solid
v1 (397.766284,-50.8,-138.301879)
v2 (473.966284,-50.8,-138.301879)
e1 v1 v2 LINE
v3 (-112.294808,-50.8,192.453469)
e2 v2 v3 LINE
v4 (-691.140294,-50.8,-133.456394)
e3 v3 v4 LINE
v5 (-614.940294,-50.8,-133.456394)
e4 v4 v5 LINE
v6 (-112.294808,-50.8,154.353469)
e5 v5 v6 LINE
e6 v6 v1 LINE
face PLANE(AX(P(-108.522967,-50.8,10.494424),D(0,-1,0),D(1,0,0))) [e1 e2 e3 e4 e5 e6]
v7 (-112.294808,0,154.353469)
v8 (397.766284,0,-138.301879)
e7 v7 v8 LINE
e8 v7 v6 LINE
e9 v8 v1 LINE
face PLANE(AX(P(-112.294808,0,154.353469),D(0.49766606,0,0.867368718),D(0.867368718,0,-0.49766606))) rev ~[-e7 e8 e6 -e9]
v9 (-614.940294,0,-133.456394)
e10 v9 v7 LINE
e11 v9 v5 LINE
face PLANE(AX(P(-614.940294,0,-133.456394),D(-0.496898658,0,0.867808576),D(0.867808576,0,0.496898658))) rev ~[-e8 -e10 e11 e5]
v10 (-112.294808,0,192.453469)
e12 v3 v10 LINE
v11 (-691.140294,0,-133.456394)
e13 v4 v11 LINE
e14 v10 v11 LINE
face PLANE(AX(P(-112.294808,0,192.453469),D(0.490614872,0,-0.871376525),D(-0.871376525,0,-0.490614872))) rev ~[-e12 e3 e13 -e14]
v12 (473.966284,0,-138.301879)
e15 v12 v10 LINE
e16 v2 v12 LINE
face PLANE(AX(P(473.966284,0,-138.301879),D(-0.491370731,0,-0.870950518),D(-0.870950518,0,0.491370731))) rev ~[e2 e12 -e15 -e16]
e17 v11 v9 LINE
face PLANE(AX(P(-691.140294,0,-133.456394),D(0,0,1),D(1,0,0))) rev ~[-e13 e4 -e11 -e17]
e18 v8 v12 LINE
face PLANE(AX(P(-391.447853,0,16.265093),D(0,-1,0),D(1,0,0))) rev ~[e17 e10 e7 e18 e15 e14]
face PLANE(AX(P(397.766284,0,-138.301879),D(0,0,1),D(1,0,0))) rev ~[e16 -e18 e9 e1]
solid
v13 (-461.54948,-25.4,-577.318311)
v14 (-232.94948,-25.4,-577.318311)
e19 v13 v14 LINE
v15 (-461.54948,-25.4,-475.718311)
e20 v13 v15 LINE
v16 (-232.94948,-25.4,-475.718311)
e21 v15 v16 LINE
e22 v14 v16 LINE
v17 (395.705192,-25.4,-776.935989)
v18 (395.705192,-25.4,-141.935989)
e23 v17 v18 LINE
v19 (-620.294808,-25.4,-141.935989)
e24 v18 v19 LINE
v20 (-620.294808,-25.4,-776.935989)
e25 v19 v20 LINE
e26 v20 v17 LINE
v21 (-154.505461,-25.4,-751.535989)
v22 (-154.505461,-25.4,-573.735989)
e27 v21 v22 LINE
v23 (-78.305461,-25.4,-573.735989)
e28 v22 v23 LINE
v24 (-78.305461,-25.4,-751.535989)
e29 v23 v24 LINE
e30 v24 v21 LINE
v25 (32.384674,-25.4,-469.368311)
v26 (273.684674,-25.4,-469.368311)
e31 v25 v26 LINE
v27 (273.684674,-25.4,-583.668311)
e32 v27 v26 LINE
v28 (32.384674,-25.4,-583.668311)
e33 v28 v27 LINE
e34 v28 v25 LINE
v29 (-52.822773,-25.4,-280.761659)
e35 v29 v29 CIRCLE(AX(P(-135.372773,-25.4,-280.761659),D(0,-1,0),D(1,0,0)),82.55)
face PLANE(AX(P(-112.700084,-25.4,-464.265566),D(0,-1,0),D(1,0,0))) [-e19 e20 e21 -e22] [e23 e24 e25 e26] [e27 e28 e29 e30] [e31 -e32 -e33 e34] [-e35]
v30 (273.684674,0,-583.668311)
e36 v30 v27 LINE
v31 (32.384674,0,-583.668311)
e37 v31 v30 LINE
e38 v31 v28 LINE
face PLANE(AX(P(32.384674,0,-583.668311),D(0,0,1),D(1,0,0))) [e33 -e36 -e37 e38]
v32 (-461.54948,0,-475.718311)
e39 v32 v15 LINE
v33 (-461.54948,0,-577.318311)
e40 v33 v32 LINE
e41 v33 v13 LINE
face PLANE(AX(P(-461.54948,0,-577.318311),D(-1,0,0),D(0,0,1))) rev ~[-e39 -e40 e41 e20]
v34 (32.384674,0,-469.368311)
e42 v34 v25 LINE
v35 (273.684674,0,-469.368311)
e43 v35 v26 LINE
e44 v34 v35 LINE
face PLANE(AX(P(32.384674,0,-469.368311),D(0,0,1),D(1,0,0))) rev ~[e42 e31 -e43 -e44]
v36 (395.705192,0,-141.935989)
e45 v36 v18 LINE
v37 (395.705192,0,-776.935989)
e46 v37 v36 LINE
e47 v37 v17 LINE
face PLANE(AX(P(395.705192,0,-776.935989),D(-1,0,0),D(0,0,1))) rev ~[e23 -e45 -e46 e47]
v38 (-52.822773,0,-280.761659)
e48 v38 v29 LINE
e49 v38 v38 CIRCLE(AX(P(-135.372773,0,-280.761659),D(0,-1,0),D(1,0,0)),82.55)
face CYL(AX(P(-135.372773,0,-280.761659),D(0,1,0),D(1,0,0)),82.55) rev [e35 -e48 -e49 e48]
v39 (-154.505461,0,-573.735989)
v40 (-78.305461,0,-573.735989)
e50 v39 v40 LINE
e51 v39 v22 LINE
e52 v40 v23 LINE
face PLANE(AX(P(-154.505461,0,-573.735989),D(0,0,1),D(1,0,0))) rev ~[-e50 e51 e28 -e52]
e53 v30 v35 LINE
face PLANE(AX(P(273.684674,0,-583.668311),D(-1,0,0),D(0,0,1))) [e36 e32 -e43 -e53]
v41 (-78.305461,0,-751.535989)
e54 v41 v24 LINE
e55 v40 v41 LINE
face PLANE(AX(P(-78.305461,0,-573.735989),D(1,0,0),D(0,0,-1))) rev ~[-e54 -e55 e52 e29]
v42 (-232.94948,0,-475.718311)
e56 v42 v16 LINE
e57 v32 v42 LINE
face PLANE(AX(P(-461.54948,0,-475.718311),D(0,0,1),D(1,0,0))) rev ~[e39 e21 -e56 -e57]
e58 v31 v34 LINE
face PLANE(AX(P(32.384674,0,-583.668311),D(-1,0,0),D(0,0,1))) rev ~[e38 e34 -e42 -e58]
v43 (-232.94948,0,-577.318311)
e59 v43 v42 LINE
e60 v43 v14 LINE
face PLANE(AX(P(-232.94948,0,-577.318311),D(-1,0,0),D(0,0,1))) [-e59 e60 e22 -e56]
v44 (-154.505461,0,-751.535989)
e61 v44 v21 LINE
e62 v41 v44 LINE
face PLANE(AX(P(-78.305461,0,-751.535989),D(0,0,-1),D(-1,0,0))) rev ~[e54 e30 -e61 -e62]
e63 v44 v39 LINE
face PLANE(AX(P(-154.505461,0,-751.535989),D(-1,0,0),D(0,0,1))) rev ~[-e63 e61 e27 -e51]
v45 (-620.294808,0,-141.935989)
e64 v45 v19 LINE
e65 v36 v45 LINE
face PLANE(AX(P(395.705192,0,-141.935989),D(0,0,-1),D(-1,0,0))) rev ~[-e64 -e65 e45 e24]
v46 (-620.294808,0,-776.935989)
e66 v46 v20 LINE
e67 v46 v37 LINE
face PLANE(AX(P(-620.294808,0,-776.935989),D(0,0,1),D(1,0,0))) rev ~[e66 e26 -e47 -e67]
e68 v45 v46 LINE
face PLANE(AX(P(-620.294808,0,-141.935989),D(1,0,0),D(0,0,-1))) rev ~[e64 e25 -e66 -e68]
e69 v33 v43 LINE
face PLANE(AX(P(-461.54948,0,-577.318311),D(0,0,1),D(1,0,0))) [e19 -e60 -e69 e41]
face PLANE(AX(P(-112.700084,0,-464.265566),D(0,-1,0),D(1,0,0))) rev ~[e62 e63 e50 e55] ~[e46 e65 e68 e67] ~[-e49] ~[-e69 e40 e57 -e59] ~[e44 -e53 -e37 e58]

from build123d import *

# Parameters (mm, degrees)
F1_DEPTH = 25.4
F0_W     = 228.6
F0_H     = 101.6
F0_W_2   = 241.3
F0_H_2   = 114.3
F0_R     = 82.55
F2_DEPTH = 25.4


with BuildPart() as f1:
    # F0 (on Front) → F1 (new body)
    with BuildSketch(Plane.XZ):
        Polygon((-691.140294, -133.456394), (-614.940294, -133.456394), (-112.294808, 154.353469), (-112.294808, 192.453469), align=None)
        Polygon((-112.294808, 192.453469), (-112.294808, 154.353469), (397.766284, -138.301879), (473.966284, -138.301879), align=None)
    extrude(amount=F1_DEPTH)

    # F0 (on Front) + F1_face (on face) → F2 (join)
    with BuildSketch(Plane.XZ):
        Polygon((-112.294808, -141.935989), (-620.294808, -141.935989), (-620.294808, -751.535989), (-154.505461, -751.535989), (-154.505461, -573.735989), (-78.305461, -573.735989), (-78.305461, -751.535989), (395.705192, -751.535989), (395.705192, -141.935989), align=None)
        with Locations((-347.24948, -526.518311)):
            Rectangle(F0_W, F0_H, mode=Mode.SUBTRACT)
        with Locations((153.034674, -526.518311)):
            Rectangle(F0_W_2, F0_H_2, mode=Mode.SUBTRACT)
        with Locations((-135.372773, -280.761659)):
            Circle(F0_R, mode=Mode.SUBTRACT)
        Polygon((-154.505461, -751.535989), (-620.294808, -751.535989), (-620.294808, -776.935989), (395.705192, -776.935989), (395.705192, -751.535989), (-78.305461, -751.535989), align=None)
        Polygon((-691.140294, -133.456394), (-614.940294, -133.456394), (-112.294808, 154.353469), (-112.294808, 192.453469), align=None)
        Polygon((-112.294808, 192.453469), (-112.294808, 154.353469), (397.766284, -138.301879), (473.966284, -138.301879), align=None)
    with BuildSketch(Plane(origin=(-108.310702, -25.4, 15.67611), x_dir=(1, 0, 0), z_dir=(0, -1, 0))):
        Polygon((-3.984106, 176.777359), (-582.829592, -149.132504), (-506.629592, -149.132504), (-3.984106, 138.677359), (506.076986, -153.977989), (582.276986, -153.977989), align=None)
    extrude(amount=F2_DEPTH)


solid = f1.part
